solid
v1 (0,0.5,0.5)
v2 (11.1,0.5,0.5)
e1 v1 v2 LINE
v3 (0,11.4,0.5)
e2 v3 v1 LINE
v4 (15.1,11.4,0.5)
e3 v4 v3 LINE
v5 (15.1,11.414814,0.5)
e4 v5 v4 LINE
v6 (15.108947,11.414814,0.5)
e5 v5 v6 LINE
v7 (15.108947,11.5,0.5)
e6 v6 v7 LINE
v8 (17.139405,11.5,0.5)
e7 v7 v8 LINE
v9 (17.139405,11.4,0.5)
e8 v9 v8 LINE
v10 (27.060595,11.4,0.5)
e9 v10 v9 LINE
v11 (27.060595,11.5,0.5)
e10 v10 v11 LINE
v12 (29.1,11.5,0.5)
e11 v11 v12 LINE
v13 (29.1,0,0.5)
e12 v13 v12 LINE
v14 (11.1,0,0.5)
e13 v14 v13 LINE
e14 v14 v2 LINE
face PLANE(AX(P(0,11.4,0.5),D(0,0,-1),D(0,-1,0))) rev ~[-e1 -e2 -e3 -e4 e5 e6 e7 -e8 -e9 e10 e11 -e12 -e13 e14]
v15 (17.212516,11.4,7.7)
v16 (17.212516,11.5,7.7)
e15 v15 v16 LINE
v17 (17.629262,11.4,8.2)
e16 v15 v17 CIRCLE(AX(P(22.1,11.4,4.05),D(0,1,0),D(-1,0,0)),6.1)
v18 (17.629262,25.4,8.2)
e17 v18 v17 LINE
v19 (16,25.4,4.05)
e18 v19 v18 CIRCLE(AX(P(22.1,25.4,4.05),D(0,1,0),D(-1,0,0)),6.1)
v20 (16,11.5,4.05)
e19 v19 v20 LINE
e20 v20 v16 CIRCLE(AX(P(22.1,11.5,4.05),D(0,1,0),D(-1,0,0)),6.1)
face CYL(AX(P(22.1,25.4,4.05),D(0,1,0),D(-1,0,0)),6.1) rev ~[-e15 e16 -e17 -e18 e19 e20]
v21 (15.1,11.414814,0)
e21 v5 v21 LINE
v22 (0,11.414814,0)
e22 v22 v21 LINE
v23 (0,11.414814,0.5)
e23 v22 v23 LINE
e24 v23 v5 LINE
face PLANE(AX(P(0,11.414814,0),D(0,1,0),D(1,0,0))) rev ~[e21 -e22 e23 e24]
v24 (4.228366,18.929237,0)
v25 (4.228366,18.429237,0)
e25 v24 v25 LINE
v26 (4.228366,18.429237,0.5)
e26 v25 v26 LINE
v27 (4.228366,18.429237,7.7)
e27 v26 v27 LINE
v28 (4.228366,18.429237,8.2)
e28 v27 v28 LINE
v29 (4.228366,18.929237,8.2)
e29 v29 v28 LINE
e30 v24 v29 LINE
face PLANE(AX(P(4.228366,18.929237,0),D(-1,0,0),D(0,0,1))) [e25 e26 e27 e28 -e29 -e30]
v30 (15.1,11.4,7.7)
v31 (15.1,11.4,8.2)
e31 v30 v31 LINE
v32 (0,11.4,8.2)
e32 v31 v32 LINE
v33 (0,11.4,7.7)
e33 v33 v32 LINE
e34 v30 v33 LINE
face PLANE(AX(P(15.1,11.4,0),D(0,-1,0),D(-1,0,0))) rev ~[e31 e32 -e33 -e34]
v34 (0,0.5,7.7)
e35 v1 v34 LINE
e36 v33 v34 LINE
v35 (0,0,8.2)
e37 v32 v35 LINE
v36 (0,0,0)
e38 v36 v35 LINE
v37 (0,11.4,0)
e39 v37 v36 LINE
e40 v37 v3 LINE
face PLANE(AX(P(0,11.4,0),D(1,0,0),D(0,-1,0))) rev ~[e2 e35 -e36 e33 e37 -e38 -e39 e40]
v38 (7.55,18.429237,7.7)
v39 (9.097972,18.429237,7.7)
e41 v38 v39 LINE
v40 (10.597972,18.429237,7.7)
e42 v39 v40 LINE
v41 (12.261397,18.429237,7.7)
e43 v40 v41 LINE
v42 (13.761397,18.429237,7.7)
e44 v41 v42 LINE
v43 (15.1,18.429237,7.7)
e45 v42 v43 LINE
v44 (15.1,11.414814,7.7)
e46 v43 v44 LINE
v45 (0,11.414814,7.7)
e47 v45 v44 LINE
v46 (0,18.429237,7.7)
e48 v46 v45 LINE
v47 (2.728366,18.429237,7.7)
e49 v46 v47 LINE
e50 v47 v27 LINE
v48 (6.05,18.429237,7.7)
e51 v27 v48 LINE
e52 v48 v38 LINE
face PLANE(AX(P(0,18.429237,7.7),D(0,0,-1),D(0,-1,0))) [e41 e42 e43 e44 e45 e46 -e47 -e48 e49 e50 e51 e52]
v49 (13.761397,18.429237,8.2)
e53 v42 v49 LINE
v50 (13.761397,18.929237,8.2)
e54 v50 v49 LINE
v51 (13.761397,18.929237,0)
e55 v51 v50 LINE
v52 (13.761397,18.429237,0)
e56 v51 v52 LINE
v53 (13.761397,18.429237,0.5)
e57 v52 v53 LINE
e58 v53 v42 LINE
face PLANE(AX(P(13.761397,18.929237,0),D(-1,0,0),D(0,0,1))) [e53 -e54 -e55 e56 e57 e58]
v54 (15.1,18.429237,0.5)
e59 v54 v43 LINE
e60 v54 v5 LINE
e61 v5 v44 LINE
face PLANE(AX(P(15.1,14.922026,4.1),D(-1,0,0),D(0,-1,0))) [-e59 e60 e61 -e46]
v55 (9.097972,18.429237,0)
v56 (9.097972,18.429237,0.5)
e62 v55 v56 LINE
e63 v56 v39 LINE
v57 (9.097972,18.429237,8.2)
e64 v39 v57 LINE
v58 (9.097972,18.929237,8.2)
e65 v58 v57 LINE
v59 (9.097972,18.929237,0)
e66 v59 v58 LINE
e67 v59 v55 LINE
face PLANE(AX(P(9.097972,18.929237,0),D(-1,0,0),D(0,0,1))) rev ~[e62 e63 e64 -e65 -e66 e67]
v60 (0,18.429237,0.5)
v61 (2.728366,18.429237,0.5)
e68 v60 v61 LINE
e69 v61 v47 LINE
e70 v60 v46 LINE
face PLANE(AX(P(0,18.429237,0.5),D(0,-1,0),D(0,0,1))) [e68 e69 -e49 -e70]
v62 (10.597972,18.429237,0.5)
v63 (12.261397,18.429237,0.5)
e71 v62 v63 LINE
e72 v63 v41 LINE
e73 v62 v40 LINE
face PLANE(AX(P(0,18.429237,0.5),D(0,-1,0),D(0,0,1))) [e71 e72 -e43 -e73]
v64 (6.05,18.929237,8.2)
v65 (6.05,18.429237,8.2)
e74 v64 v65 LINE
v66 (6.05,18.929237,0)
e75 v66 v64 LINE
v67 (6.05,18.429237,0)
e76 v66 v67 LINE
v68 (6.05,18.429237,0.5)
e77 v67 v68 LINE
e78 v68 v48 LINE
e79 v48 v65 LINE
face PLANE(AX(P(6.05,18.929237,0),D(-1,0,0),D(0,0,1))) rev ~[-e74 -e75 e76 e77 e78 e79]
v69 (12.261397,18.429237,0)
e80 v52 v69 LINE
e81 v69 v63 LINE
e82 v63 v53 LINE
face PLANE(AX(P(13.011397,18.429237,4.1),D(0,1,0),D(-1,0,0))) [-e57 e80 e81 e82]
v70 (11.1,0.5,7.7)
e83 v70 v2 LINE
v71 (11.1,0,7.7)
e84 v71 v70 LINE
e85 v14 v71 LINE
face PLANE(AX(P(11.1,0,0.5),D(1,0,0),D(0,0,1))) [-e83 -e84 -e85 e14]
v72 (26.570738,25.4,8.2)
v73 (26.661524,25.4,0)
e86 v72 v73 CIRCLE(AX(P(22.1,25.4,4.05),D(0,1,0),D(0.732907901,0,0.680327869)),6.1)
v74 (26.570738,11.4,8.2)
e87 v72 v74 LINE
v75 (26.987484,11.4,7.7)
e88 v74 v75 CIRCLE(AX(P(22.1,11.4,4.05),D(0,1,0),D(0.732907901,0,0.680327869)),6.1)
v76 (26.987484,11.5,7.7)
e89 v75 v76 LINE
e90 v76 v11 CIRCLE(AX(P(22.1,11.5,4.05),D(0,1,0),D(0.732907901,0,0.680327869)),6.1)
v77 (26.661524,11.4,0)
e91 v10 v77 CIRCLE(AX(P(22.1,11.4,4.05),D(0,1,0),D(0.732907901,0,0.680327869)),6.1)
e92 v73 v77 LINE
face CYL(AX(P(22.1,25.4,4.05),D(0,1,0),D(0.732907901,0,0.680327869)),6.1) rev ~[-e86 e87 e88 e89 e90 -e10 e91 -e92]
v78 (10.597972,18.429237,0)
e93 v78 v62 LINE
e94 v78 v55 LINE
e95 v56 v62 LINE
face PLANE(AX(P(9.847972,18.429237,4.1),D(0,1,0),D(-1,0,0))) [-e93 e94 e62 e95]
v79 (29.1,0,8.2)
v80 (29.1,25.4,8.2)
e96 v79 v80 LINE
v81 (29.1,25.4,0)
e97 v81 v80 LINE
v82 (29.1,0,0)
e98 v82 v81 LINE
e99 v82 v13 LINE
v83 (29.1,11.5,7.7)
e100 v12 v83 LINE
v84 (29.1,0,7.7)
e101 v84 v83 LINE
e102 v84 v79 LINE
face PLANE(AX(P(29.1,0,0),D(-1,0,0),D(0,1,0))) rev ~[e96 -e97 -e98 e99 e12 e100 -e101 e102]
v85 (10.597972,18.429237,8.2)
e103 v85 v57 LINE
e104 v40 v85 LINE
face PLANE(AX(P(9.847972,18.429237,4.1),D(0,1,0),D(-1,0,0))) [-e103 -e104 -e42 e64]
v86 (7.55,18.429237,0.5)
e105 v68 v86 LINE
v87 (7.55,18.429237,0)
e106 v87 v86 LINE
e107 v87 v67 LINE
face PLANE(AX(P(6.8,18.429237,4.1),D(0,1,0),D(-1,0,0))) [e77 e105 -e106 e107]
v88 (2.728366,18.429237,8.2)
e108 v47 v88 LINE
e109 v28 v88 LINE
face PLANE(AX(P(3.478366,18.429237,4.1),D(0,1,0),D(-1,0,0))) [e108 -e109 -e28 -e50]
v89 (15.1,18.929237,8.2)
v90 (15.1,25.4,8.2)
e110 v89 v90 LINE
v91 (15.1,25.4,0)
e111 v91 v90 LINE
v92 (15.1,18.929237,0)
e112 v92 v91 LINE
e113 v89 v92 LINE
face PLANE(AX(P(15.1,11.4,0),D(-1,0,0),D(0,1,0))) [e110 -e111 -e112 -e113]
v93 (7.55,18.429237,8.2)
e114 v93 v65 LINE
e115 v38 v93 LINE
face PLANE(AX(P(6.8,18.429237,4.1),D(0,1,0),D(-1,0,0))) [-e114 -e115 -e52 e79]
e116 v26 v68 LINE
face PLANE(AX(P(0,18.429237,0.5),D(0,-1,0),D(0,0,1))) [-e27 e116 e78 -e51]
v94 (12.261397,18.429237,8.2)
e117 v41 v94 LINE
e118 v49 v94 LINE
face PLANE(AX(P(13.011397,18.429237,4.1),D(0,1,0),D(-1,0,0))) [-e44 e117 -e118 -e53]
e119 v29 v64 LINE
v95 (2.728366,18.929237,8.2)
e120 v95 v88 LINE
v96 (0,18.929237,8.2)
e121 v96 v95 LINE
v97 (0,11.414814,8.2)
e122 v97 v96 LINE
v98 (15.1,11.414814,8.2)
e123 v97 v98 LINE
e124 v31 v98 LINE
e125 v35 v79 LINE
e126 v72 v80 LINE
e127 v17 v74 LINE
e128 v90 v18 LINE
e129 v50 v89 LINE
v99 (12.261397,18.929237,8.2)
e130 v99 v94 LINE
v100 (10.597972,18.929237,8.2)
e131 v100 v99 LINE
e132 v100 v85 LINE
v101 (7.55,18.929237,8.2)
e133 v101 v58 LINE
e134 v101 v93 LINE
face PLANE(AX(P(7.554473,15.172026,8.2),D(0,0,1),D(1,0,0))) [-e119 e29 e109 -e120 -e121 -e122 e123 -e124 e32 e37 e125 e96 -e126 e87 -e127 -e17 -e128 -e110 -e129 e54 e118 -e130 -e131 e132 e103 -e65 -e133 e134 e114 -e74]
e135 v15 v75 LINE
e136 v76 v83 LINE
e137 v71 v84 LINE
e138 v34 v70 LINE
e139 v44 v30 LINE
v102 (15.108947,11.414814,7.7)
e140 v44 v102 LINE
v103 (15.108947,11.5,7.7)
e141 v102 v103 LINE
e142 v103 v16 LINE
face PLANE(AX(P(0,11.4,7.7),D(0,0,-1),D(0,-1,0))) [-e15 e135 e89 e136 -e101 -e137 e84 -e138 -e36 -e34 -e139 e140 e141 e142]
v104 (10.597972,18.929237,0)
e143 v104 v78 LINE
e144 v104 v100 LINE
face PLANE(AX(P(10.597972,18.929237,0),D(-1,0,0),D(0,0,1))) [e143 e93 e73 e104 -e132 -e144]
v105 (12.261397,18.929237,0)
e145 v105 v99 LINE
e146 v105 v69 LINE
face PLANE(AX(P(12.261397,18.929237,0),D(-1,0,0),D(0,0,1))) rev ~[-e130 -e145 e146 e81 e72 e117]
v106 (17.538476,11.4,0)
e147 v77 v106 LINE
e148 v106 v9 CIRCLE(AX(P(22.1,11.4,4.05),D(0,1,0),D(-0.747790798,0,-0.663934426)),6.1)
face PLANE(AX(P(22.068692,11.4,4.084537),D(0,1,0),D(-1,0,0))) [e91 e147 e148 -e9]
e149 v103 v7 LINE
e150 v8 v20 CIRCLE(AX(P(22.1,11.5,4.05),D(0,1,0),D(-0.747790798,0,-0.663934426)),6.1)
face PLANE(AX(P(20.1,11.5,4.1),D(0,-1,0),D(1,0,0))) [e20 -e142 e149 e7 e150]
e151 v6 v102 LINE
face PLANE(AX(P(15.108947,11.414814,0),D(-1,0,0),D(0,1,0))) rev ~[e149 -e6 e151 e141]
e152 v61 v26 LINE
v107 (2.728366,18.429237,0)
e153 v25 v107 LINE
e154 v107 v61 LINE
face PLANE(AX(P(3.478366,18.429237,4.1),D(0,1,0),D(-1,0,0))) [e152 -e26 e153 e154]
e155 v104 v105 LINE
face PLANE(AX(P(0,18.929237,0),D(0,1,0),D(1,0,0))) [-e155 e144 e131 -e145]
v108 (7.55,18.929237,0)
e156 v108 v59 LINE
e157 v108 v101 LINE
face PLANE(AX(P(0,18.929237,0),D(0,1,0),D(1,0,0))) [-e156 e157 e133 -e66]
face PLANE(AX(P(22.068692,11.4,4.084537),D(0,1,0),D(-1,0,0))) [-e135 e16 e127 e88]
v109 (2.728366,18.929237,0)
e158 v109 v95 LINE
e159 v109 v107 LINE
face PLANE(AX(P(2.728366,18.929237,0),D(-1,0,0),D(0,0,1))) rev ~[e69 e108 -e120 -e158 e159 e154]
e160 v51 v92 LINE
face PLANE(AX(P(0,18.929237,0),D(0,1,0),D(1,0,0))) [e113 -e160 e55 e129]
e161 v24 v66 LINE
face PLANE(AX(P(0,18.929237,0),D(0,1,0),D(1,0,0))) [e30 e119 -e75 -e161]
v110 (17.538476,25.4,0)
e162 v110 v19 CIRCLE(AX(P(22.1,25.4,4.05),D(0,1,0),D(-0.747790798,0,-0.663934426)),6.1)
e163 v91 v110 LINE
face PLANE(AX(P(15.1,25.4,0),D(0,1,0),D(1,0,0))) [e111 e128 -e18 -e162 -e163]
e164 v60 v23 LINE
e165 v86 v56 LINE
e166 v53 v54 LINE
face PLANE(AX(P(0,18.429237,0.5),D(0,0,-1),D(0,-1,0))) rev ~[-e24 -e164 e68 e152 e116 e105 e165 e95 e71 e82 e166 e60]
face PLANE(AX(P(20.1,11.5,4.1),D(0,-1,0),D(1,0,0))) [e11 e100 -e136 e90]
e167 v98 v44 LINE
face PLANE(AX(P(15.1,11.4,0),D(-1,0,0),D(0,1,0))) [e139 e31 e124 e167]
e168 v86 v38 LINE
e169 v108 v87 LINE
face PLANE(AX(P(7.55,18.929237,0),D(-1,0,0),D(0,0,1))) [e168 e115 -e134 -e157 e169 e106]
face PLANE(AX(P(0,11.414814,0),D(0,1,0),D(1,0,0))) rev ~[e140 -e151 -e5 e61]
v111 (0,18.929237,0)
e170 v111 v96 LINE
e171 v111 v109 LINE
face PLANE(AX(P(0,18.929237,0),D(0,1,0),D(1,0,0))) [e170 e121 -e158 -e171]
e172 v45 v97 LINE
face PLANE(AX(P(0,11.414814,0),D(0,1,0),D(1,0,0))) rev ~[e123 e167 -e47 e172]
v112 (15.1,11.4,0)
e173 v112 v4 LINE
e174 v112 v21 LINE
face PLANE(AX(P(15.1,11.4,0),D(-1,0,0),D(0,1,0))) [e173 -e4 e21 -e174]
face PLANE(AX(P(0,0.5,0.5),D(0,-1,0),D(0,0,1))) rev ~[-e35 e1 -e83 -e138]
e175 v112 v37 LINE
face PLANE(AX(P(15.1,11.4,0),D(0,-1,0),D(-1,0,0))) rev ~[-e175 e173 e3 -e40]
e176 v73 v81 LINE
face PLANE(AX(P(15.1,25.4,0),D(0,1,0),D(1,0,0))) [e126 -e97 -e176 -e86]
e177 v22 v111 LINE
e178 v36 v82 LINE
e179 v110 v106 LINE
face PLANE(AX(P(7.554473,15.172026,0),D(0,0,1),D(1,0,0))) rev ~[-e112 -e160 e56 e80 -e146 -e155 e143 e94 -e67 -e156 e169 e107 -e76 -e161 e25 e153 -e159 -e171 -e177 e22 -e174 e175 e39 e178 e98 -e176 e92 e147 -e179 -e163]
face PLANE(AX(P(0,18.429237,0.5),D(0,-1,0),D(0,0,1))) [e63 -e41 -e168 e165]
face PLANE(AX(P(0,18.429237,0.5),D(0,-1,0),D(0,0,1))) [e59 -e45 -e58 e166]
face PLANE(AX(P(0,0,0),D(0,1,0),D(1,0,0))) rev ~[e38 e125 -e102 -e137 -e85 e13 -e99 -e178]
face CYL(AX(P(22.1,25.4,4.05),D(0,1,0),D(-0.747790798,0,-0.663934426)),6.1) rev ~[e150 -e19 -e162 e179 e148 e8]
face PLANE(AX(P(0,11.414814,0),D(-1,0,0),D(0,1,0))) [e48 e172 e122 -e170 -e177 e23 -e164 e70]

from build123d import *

# Parameters (mm, degrees)
F0_W      = 14
F0_H      = 14
F1_DEPTH  = 8.2
F2_W      = 18
F2_H      = 7.2
F3_DEPTH  = 11.5
F5_DEPTH  = 14
F6_W      = 10.9
F6_H      = 7.2
F7_DEPTH  = 25
F8_W      = 15.1089467108
F8_H      = 7.5144236907
F9_DEPTH  = 8.2
F10_W     = 7.0144236907
F10_H     = 7.2
F11_DEPTH = 15.1
F12_W     = 1.5
F12_H     = 8.2
F13_DEPTH = 0.5


with BuildPart() as f1:
    # F0 (on Top) → F1 (new body)
    with BuildSketch(Plane.XY):
        Polygon((0, 11.4), (0, 0), (29.1, 0), (29.1, 11.4), (15.1, 11.4), align=None)
        with Locations((22.1, 18.4)):
            Rectangle(F0_W, F0_H)
    extrude(amount=F1_DEPTH)

    # F2 (on face) → F3 (cut)
    with BuildSketch(Plane.XZ):
        with Locations((20.1, 4.1)):
            Rectangle(F2_W, F2_H)
    extrude(amount=-F3_DEPTH, mode=Mode.SUBTRACT)

    # F4 (on face) → F5 (cut)
    with BuildSketch(Plane(origin=(0, 25.4, 0), x_dir=(-1, 0, 0), z_dir=(0, 1, 0))):
        with BuildLine():
            ThreePointArc((-17.5384761318, 0), (-16.3975752703, 1.8838162123), (-16, 4.05))
            ThreePointArc((-16, 4.05), (-16.4219059983, 6.2791811295), (-17.6292618059, 8.2))
            Line((-17.6292618059, 8.2), (-26.5707381941, 8.2))
            ThreePointArc((-26.5707381941, 8.2), (-28.1996261763, 4.1175315456), (-26.6615238682, 0))
            Line((-26.6615238682, 0), (-17.5384761318, 0))
        make_face()
    extrude(amount=-F5_DEPTH, mode=Mode.SUBTRACT)

    # F6 (on face) → F7 (cut)
    with BuildSketch(Plane(origin=(0, 0, 0), x_dir=(0, -1, 0), z_dir=(-1, 0, 0))):
        with Locations((-5.95, 4.1)):
            Rectangle(F6_W, F6_H)
    extrude(amount=-F7_DEPTH, mode=Mode.SUBTRACT)

    # F8 (on Top) → F9 (join)
    with BuildSketch(Plane.XY):
        with Locations((7.5544733554, 15.1720256545)):
            Rectangle(F8_W, F8_H)
    extrude(amount=F9_DEPTH)

    # F10 (on face) → F11 (cut)
    with BuildSketch(Plane(origin=(0, 0, 0), x_dir=(0, -1, 0), z_dir=(-1, 0, 0))):
        with Locations((-14.9220256545, 4.1)):
            Rectangle(F10_W, F10_H)
    extrude(amount=-F11_DEPTH, mode=Mode.SUBTRACT)

    # F12 (on face) → F13 (cut)
    with BuildSketch(Plane(origin=(0, 18.9292374998, 0), x_dir=(-1, 0, 0), z_dir=(0, 1, 0))):
        with Locations((-13.0113965198, 4.1)):
            Rectangle(F12_W, F12_H)
        with Locations((-6.8, 4.1)):
            Rectangle(F12_W, F12_H)
        with Locations((-9.8479721993, 4.1)):
            Rectangle(F12_W, F12_H)
        with Locations((-3.4783656076, 4.1)):
            Rectangle(F12_W, F12_H)
    extrude(amount=-F13_DEPTH, mode=Mode.SUBTRACT)


solid = f1.part
